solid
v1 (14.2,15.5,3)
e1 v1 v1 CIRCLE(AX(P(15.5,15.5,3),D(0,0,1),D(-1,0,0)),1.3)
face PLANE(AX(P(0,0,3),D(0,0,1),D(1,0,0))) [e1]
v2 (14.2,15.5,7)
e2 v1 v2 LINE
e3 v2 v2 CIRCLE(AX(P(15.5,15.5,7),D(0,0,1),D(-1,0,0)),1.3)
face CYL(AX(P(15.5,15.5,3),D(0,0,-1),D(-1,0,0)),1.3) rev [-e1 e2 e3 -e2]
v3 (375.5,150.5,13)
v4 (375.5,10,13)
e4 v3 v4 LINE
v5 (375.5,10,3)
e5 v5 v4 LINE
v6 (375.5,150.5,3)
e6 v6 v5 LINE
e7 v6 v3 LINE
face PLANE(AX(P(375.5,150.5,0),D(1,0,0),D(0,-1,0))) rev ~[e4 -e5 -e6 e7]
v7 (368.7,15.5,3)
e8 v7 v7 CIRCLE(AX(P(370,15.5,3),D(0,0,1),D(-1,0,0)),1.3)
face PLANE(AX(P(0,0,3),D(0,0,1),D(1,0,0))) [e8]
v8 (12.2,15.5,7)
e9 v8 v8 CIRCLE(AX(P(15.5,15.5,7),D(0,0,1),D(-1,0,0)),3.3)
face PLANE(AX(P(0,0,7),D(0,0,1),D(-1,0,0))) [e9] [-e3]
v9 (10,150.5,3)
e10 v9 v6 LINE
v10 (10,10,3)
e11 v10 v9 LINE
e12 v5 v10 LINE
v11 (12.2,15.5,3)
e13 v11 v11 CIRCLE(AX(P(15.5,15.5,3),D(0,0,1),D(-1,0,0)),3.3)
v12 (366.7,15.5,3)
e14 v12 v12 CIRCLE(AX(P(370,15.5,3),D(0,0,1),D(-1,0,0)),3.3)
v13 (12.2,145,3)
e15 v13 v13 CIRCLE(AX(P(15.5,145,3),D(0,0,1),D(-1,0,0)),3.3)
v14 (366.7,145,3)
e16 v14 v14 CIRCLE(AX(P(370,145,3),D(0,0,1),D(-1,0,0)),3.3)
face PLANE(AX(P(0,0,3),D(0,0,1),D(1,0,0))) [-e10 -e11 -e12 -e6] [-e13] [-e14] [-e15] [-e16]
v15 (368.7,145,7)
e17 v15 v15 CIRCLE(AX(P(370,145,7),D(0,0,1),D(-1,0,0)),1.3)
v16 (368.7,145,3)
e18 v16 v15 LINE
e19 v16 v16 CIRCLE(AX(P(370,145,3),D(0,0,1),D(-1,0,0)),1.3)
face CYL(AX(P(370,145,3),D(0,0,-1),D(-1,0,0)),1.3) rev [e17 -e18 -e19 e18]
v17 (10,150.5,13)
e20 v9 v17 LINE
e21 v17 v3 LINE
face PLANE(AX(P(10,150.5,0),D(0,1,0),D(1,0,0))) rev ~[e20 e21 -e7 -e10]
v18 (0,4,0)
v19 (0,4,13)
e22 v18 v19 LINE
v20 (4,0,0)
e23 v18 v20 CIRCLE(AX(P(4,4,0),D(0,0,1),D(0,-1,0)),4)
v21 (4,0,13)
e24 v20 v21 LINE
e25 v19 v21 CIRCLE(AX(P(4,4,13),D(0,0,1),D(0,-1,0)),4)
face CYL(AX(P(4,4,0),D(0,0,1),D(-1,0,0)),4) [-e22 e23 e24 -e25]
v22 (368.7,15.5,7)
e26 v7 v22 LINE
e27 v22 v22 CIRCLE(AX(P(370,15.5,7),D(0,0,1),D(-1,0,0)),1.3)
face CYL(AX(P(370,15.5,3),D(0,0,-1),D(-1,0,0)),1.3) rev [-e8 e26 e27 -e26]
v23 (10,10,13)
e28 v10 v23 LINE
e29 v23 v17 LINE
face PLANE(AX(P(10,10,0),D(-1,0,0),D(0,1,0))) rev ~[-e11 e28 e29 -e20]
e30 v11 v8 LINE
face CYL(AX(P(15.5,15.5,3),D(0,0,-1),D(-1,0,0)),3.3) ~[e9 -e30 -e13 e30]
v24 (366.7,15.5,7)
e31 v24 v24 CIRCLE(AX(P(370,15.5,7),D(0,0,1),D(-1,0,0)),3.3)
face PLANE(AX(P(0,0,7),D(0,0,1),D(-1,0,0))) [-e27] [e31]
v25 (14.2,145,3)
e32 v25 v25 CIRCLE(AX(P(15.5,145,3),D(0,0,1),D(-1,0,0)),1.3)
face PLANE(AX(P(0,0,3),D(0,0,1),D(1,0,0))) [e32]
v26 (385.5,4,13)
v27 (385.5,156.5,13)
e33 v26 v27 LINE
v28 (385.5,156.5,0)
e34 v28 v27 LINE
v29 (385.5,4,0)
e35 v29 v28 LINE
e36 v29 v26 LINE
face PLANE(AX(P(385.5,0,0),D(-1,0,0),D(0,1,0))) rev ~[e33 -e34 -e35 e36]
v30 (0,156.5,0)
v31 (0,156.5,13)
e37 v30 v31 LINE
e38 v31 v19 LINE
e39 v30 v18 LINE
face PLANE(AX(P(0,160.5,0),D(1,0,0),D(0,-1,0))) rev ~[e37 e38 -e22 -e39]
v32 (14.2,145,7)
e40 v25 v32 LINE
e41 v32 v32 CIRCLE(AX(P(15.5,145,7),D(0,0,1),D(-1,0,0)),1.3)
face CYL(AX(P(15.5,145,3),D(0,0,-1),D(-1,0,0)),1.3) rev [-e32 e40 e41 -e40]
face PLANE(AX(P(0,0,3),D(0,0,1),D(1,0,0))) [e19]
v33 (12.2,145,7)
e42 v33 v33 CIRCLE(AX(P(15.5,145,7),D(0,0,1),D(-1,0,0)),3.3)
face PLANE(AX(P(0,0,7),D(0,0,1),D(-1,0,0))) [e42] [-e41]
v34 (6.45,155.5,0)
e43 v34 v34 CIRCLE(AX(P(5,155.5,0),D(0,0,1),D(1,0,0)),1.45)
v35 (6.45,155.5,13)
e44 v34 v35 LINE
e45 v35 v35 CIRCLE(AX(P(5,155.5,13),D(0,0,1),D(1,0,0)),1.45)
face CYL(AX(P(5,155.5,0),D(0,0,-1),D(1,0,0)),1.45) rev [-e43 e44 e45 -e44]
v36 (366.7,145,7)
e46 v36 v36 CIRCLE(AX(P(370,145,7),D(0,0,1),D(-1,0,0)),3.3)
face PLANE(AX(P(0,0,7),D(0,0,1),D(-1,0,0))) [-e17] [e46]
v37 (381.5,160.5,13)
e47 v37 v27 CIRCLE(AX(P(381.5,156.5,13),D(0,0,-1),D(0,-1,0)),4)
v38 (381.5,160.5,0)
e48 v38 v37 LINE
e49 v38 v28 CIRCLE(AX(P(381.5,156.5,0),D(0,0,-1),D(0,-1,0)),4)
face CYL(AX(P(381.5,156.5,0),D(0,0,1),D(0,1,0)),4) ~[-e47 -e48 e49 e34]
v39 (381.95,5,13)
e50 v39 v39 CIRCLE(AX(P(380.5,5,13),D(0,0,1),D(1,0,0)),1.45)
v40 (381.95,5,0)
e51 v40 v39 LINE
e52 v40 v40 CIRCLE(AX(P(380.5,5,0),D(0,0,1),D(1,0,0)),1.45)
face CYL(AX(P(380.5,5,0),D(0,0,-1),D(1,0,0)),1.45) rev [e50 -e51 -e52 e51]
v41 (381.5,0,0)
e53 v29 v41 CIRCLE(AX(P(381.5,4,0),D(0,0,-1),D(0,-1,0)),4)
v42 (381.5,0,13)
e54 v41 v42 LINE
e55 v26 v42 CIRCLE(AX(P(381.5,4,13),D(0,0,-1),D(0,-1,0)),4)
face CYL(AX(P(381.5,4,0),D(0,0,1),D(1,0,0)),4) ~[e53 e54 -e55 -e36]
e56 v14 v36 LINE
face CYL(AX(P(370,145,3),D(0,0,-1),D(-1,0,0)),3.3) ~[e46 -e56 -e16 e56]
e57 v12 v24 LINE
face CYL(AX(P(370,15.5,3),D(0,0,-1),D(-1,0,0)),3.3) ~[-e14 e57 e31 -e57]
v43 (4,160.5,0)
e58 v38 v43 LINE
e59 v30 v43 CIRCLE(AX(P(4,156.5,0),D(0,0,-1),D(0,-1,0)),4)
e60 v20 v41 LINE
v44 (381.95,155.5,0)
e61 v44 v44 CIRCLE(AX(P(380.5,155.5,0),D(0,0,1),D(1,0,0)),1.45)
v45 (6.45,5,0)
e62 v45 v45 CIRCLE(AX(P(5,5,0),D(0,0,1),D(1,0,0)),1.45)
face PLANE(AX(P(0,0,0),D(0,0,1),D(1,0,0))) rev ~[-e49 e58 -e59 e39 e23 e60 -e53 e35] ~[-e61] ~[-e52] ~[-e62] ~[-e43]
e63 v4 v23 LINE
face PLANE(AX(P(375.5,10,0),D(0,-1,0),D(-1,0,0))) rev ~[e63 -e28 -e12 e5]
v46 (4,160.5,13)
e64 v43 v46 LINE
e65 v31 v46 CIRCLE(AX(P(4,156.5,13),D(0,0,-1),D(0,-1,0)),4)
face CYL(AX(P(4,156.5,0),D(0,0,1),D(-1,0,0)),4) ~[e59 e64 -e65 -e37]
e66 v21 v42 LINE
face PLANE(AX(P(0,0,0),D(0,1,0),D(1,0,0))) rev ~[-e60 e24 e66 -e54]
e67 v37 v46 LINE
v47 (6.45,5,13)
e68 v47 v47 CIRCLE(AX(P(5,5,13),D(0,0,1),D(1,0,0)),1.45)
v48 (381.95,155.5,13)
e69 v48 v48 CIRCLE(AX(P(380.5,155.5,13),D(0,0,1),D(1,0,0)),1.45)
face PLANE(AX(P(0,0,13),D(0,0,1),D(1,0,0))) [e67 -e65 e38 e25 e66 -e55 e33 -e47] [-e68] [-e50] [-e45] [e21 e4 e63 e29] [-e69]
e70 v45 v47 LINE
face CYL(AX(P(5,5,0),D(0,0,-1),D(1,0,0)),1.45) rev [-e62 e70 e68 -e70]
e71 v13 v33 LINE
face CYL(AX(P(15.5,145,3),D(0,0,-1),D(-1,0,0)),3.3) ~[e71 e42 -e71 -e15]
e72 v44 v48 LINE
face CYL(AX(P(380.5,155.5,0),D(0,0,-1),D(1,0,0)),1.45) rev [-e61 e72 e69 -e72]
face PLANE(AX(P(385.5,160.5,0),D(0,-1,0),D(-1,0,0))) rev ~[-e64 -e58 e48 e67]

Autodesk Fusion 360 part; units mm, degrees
sketch "Sketch1" plane through (0, 0, 0) normal (0, 0, 1) x (1, 0, 0)
  line L0 (0, 0) -> (385.5, 0)
  line L1 (385.5, 0) -> (385.5, 160.5)
  line L2 (385.5, 160.5) -> (0, 160.5)
  line L3 (0, 160.5) -> (0, 0)
  line L4 (10, 150.5) -> (375.5, 150.5)
  line L5 (375.5, 150.5) -> (375.5, 10)
  line L6 (375.5, 10) -> (10, 10)
  line L7 (10, 10) -> (10, 150.5)
  circle A0 centre (5, 155.5) radius 1.45
  circle A1 centre (5, 5) radius 1.45
  circle A2 centre (380.5, 5) radius 1.45
  circle A3 centre (380.5, 155.5) radius 1.45
  dimension "d1" = 160.5
  dimension "d2" = 385.5
  dimension "d3" = 10
  dimension "d4" = 10
  dimension "d5" = 10
  dimension "d6" = 10
  dimension "d7" = 2.9
  dimension "d8" = 2.9
  dimension "d9" = 2.9
  dimension "d10" = 2.9
  dimension "d11" = 5
  dimension "d12" = 5
  dimension "d13" = 5
  dimension "d14" = 5
  dimension "d15" = 5
  dimension "d16" = 5
  dimension "d17" = 5
  dimension "d18" = 5
extrude "Extrude1" add sketch "Sketch1" along normal blind 13
sketch "Sketch2" plane through (0, 0, 0) normal (0, 0, 1) x (1, 0, 0)
  line L0 (0, 0) -> (385.5, 0)
  line L1 (385.5, 0) -> (385.5, 160.5)
  line L2 (385.5, 160.5) -> (0, 160.5)
  line L3 (0, 160.5) -> (0, 0)
  line L4 (375.5, 10) -> (10, 10)
  line L5 (10, 10) -> (10, 150.5)
  line L6 (10, 150.5) -> (375.5, 150.5)
  line L7 (375.5, 150.5) -> (375.5, 10)
  dimension "d21" = 160.5
  dimension "d22" = 385.5
  dimension "d23" = 10
  dimension "d24" = 10
  dimension "d25" = 365.5
  dimension "d26" = 140.5
extrude "Extrude2" add sketch "Sketch2" along normal blind 3 contours L4 L5 L6 L7
sketch "Sketch3" plane through (0, 0, 0) normal (0, 1, 0) x (1, 0, 0)
sketch "Sketch4" plane through (0, 0, 0) normal (0, 0, 1) x (1, 0, 0)
  line L0 (0, -20) -> (385.5, -20)
  line L1 (385.5, -20) -> (385.5, -180.5)
  line L2 (385.5, -180.5) -> (0, -180.5)
  line L3 (0, -180.5) -> (0, -20)
  line L4 (375.5, -170.5) -> (10, -170.5)
  line L5 (10, -170.5) -> (10, -30)
  line L6 (10, -30) -> (375.5, -30)
  line L7 (375.5, -30) -> (375.5, -170.5)
  circle A0 centre (5, -175.5) radius 1.45
  circle A1 centre (5, -25) radius 1.45
  circle A2 centre (380.5, -25) radius 1.45
  circle A3 centre (380.5, -175.5) radius 1.45
  dimension "d29" = 160.5
  dimension "d30" = 385.5
  dimension "d31" = 10
  dimension "d32" = 10
  dimension "d33" = 10
  dimension "d34" = 10
  dimension "d35" = 2.9
  dimension "d36" = 5
  dimension "d37" = 5
  dimension "d38" = 2.9
  dimension "d39" = 5
  dimension "d40" = 5
  dimension "d41" = 2.9
  dimension "d42" = 5
  dimension "d43" = 5
  dimension "d44" = 2.9
  dimension "d45" = 5
  dimension "d46" = 5
sketch "Sketch5" plane through (0, 0, 3) normal (0, 0, 1) x (-1, 0, 0)
  line L0 (-375.5, -150.5) -> (-10, -150.5)
  line L1 (-10, -150.5) -> (-10, -10)
  line L2 (-10, -10) -> (-375.5, -10)
  line L3 (-375.5, -10) -> (-375.5, -150.5)
  circle A0 centre (-15.5, -145) radius 3.3
  circle A1 centre (-15.5, -145) radius 1.3
  circle A2 centre (-15.5, -15.5) radius 1.3
  circle A3 centre (-15.5, -15.5) radius 3.3
  circle A4 centre (-370, -15.5) radius 1.3
  circle A5 centre (-370, -15.5) radius 3.3
  circle A6 centre (-370, -145) radius 1.3
  circle A7 centre (-370, -145) radius 3.3
  dimension "d49" = 6.6
  dimension "d50" = 5.5
  dimension "d51" = 5.5
  dimension "d52" = 2.6
  dimension "d53" = 2.6
  dimension "d54" = 5.5
  dimension "d55" = 5.5
  dimension "d56" = 6.6
  dimension "d57" = 2.6
  dimension "d58" = 6.6
  dimension "d59" = 5.5
  dimension "d60" = 5.5
  dimension "d61" = 2.6
  dimension "d62" = 6.6
  dimension "d63" = 5.5
  dimension "d64" = 5.5
extrude "Extrude4" add sketch "Sketch5" along normal blind 4 contours A0 | A3 | A5 | A7
sketch "Sketch6" plane through (0, 0, 3) normal (0, 0, 1) x (-1, 0, 0)
  circle A0 centre (-380.5, 25) radius 1.45
sketch "Sketch7" plane through (0, 0, 0) normal (0, 0, -1) x (1, 0, 0)
  circle A0 centre (5, 25) radius 1.45
  circle A1 centre (5, 175.5) radius 1.45
  circle A2 centre (380.5, 25) radius 1.45
  circle A3 centre (380.5, 175.5) radius 1.45
  line L0 (385.5, 180.5) -> (0, 180.5)
  line L1 (0, 180.5) -> (0, 20)
  line L2 (0, 20) -> (385.5, 20)
  line L3 (385.5, 20) -> (385.5, 180.5)
  line L4 (0, 20) -> (385.5, 20)
  line L5 (385.5, 20) -> (385.5, 180.5)
  line L6 (385.5, 180.5) -> (0, 180.5)
  line L7 (0, 180.5) -> (0, 20)
  line L8 (0, 20) -> (385.5, 20)
  line L9 (385.5, 20) -> (385.5, 180.5)
  line L10 (385.5, 180.5) -> (0, 180.5)
  line L11 (0, 180.5) -> (0, 20)
  line L12 (0, 20) -> (385.5, 20)
  line L13 (385.5, 20) -> (385.5, 180.5)
  line L14 (385.5, 180.5) -> (0, 180.5)
  line L15 (0, 180.5) -> (0, 20)
  line L16 (15.5, 165) -> (370, 165)
  line L17 (370, 165) -> (370, 35.5)
  line L18 (370, 35.5) -> (15.5, 35.5)
  line L19 (15.5, 35.5) -> (15.5, 165)
  line L20 (0, 180.5) -> (385.5, 180.5)
  dimension "d68" = 15.5
  dimension "d70" = 15.5
  dimension "d71" = 15.5
  dimension "d72" = 15.5
fillet "Fillet1" radius 4 1 edges at (0, 0, 6.5)
fillet "Fillet2" radius 4 1 edges at (0, 160.5, 6.5)
fillet "Fillet3" radius 4 1 edges at (385.5, 160.5, 6.5)
fillet "Fillet4" radius 4 1 edges at (385.5, 0, 6.5)
